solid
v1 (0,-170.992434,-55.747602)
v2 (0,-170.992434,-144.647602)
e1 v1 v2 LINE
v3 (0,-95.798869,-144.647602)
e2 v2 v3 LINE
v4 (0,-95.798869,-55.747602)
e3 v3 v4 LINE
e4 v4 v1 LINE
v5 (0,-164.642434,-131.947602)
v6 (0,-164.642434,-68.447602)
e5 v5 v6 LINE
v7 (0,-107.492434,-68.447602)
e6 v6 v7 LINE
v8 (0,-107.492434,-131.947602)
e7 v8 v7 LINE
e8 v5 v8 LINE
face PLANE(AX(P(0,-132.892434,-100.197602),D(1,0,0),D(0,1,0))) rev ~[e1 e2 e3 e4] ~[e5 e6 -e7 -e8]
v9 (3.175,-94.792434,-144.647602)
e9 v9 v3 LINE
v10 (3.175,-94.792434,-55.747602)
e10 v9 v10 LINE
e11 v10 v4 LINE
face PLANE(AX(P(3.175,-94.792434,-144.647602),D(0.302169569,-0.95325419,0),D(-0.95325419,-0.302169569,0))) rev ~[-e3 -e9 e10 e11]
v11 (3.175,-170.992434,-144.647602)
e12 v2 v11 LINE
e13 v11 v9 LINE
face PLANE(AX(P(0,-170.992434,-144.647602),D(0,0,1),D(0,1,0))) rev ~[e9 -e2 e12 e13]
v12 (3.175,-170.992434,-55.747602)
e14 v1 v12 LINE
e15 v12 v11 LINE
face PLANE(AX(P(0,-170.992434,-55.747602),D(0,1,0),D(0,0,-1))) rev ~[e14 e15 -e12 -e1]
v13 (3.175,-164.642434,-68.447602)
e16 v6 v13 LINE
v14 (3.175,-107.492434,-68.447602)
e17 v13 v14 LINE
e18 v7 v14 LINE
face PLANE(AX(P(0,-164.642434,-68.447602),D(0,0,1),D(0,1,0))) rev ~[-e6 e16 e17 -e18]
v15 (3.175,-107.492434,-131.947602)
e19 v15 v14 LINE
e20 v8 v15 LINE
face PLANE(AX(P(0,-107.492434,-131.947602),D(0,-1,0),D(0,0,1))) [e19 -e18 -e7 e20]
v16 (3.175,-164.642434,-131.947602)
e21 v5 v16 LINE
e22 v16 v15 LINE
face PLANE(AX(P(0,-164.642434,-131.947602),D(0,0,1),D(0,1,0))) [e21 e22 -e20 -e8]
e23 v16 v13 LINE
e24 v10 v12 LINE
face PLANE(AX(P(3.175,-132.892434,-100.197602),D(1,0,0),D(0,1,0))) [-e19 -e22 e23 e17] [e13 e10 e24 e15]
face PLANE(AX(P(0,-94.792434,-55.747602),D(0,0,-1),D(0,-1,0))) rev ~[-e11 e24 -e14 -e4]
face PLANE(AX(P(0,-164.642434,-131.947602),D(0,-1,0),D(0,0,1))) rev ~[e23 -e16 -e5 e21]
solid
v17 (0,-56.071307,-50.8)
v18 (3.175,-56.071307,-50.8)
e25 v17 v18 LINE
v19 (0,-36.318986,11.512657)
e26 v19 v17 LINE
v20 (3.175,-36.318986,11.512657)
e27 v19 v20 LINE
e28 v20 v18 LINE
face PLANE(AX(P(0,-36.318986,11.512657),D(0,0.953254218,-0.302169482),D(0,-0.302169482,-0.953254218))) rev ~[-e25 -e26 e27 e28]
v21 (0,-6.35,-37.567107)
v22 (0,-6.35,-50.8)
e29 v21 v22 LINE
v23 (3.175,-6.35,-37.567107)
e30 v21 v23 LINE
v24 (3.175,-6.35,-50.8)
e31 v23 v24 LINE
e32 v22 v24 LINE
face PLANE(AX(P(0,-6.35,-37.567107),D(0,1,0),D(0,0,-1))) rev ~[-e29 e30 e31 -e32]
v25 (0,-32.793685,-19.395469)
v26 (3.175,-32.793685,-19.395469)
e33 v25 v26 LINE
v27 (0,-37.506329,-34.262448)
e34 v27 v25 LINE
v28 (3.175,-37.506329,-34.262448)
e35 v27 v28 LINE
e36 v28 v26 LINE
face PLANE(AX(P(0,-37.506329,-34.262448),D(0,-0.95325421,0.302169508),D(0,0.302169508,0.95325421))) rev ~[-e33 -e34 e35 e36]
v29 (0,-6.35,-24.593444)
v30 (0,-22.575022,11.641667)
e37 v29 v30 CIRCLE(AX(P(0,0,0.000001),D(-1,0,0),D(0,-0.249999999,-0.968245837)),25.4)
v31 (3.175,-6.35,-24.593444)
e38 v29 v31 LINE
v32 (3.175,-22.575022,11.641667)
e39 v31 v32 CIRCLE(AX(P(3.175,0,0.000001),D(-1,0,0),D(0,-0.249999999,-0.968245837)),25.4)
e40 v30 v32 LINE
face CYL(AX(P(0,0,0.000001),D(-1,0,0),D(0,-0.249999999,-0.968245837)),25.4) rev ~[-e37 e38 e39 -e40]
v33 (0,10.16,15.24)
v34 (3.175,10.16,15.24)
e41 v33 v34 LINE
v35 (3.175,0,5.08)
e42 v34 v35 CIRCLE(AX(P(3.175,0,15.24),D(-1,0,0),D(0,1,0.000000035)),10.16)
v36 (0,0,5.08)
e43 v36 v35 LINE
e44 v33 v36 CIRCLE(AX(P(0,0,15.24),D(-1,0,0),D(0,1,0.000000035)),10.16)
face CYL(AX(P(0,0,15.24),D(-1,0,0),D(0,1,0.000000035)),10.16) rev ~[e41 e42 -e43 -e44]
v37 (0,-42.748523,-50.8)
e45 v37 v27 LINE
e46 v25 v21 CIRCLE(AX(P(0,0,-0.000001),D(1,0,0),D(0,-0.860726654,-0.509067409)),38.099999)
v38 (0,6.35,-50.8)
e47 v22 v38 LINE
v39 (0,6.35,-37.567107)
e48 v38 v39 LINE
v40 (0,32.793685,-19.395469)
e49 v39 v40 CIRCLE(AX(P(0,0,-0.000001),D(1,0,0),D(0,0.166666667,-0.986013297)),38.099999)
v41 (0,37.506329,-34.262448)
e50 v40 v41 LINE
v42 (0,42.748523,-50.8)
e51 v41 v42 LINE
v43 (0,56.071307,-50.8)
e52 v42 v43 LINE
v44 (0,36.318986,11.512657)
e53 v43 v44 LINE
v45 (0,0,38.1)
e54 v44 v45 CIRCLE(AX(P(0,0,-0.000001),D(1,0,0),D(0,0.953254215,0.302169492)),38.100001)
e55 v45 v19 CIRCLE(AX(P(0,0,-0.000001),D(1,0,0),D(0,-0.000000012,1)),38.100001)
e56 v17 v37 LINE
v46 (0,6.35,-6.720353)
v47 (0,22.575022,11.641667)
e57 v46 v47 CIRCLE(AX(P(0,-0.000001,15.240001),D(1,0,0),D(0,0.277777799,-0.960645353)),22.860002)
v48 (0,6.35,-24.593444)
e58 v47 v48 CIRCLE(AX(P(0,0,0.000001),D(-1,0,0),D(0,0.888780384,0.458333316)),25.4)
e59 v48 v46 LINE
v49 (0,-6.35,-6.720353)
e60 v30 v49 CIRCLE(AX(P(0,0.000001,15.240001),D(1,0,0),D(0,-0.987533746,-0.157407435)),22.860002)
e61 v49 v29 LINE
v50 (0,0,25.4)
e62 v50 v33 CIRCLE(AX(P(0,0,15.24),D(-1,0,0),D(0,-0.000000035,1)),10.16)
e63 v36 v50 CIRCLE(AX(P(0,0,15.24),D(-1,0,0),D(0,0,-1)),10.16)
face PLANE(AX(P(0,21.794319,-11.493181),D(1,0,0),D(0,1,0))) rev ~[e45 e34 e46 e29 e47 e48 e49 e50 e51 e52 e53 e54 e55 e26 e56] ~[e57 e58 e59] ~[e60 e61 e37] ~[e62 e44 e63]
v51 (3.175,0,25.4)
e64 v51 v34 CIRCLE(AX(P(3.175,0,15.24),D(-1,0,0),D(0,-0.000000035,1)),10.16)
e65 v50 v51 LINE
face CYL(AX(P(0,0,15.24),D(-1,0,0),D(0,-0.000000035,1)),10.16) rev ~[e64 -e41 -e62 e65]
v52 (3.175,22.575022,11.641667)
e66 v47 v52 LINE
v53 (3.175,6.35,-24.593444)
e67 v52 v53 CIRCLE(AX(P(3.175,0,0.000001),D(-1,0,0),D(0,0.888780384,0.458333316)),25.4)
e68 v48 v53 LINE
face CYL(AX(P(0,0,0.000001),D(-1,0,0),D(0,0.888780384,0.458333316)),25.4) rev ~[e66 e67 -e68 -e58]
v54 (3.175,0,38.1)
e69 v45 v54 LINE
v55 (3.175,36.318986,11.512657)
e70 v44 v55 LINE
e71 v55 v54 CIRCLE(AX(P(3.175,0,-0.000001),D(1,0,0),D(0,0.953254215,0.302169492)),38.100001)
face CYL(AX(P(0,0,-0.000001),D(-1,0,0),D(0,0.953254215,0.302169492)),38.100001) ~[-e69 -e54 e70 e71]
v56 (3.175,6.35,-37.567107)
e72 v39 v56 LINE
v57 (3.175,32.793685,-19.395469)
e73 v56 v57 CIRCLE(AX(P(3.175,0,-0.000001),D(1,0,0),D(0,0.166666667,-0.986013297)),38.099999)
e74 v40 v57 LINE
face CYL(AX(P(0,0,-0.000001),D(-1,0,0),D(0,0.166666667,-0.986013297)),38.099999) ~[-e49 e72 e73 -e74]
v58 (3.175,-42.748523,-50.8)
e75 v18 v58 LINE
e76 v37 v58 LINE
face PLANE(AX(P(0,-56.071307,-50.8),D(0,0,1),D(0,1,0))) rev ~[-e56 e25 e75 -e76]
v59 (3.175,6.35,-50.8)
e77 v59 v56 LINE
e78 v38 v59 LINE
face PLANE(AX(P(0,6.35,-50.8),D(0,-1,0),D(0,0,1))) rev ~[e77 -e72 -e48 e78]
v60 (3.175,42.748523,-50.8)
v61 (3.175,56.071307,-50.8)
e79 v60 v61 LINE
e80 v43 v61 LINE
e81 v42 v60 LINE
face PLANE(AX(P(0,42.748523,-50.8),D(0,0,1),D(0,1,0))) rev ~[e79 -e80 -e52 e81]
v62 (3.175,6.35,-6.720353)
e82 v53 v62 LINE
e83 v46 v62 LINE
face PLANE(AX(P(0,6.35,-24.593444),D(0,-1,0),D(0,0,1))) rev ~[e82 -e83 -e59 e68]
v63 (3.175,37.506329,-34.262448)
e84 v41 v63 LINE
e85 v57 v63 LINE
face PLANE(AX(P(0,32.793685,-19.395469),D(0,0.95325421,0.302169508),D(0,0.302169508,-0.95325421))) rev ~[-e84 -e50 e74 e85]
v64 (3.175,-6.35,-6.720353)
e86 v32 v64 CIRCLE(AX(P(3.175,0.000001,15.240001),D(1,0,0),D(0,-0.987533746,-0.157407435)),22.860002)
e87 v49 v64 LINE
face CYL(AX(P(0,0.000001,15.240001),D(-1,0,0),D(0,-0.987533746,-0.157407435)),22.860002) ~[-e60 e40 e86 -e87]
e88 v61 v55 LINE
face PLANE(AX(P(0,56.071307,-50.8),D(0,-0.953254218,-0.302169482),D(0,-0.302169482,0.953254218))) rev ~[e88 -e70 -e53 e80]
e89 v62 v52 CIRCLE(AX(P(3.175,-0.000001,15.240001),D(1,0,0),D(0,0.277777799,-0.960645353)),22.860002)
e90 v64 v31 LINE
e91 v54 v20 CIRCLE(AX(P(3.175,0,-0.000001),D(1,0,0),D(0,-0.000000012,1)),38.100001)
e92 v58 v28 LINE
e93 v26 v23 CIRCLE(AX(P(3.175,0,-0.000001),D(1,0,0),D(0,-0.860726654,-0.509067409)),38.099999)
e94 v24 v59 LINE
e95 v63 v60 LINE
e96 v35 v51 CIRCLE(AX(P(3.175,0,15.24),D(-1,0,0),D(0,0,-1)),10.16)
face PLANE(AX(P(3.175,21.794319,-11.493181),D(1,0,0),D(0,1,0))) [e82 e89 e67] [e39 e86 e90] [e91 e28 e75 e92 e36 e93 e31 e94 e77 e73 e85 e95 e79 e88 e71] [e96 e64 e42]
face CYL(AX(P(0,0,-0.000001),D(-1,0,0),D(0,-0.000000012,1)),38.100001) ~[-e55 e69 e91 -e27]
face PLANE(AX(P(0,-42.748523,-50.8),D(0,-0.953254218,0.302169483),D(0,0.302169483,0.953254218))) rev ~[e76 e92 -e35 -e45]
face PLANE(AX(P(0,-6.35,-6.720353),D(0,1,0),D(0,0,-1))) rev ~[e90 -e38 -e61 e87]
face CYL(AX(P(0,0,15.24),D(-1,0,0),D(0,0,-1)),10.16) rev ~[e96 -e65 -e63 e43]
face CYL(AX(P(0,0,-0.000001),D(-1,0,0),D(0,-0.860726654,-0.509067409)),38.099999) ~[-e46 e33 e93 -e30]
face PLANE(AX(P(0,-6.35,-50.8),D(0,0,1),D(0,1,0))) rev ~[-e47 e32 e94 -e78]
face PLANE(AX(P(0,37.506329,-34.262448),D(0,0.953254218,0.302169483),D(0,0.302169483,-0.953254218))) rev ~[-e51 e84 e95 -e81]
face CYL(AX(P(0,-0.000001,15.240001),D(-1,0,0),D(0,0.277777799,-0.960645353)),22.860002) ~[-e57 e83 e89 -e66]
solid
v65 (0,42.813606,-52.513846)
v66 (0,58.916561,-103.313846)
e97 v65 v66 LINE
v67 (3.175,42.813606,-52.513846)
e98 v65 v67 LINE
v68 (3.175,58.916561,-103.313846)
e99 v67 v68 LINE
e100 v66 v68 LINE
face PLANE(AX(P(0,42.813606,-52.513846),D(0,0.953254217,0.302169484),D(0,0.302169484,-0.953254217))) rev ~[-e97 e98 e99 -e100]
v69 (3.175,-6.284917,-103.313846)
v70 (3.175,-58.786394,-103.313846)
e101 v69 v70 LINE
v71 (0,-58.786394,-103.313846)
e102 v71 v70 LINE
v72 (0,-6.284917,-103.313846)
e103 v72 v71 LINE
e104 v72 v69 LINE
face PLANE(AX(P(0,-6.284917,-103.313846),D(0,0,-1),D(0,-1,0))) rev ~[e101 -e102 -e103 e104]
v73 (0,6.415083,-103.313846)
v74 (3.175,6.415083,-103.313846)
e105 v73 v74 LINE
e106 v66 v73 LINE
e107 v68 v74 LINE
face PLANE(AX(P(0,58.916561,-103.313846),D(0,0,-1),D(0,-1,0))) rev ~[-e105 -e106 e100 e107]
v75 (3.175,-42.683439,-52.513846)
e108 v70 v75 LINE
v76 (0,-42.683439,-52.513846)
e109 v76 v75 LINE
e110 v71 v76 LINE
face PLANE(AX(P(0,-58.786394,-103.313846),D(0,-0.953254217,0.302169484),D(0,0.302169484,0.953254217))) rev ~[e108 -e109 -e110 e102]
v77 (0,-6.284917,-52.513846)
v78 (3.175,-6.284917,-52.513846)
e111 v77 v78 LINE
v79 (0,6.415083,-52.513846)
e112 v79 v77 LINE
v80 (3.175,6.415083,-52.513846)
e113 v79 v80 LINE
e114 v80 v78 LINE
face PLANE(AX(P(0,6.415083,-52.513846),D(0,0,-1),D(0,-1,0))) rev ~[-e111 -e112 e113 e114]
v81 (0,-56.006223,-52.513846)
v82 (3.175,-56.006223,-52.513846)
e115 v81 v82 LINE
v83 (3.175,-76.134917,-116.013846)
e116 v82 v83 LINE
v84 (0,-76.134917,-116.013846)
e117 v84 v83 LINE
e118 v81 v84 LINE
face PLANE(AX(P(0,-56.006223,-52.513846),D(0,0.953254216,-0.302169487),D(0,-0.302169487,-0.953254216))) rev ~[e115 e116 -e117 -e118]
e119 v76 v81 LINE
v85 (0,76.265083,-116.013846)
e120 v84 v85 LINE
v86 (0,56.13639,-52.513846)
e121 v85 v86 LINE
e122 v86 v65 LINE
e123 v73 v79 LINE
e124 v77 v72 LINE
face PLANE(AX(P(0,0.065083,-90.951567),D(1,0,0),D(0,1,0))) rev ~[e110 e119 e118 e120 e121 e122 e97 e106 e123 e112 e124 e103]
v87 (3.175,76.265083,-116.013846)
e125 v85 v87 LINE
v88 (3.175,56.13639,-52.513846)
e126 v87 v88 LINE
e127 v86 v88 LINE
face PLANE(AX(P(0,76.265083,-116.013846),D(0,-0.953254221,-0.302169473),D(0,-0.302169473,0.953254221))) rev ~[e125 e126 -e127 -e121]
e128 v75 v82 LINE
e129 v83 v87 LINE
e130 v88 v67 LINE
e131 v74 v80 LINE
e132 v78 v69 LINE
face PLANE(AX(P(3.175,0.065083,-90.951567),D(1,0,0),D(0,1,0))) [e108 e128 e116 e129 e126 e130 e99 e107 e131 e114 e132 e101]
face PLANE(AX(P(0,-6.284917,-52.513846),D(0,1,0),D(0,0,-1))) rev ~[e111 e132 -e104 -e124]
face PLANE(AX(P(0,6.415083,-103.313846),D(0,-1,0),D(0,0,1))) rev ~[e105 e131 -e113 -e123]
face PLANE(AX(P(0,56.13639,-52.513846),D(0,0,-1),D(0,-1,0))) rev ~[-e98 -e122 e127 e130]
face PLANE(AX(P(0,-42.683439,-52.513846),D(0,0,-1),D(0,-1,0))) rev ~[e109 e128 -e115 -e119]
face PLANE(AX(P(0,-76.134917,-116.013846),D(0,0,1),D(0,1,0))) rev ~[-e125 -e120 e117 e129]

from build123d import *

# Parameters (mm, degrees)
F1_DEPTH = 3.175
F2_W     = 57.15
F2_H     = 63.5
F3_DEPTH = 3.175
F5_DEPTH = 88.9


with BuildPart() as f1:
    # F0 (on Right) → F1 (new body)
    with BuildSketch(Plane.YZ):
        with BuildLine():
            Line((56.071307, -50.8), (36.318986, 11.512657))
            ThreePointArc((36.318986, 11.512657), (22.505308, 30.742822), (0, 38.1))
            Line((0, 38.1), (0, 25.4))
            ThreePointArc((0, 25.4), (7.184205, 22.424205), (10.16, 15.24))
            ThreePointArc((10.16, 15.24), (7.184205, 8.055795), (0, 5.08))
            Line((0, 5.08), (0, -7.62))
            ThreePointArc((0, -7.62), (3.206706, -7.393971), (6.35, -6.720353))
            ThreePointArc((6.35, -6.720353), (17.130533, 0.103143), (22.575022, 11.641667))
            ThreePointArc((22.575022, 11.641667), (23.182106, -10.380268), (6.35, -24.593444))
            ThreePointArc((6.35, -24.593444), (3.200509, -25.197554), (0, -25.4))
            Line((0, -25.4), (0, -50.8))
            Line((0, -50.8), (6.35, -50.8))
            Line((6.35, -50.8), (6.35, -50.401562))
            Line((6.35, -50.401562), (6.35, -37.567107))
            ThreePointArc((6.35, -37.567107), (21.577978, -31.400651), (32.793685, -19.395469))
            Line((32.793685, -19.395469), (37.506329, -34.262448))
            Line((37.506329, -34.262448), (42.748523, -50.8))
            Line((42.748523, -50.8), (56.071307, -50.8))
        make_face()
        with BuildLine():
            Line((0, 25.4), (0, 38.1))
            ThreePointArc((0, 38.1), (-22.505308, 30.742822), (-36.318986, 11.512657))
            Line((-36.318986, 11.512657), (-56.071307, -50.8))
            Line((-56.071307, -50.8), (-42.748523, -50.8))
            Line((-42.748523, -50.8), (-37.506329, -34.262448))
            Line((-37.506329, -34.262448), (-32.793685, -19.395469))
            ThreePointArc((-32.793685, -19.395469), (-21.577978, -31.400651), (-6.35, -37.567107))
            Line((-6.35, -37.567107), (-6.35, -50.401562))
            Line((-6.35, -50.401562), (-6.35, -50.8))
            Line((-6.35, -50.8), (0, -50.8))
            Line((0, -50.8), (0, -25.4))
            ThreePointArc((0, -25.4), (-3.200509, -25.197554), (-6.35, -24.593444))
            ThreePointArc((-6.35, -24.593444), (-23.182106, -10.380268), (-22.575022, 11.641667))
            ThreePointArc((-22.575022, 11.641667), (-17.130533, 0.103143), (-6.35, -6.720353))
            ThreePointArc((-6.35, -6.720353), (-3.206706, -7.393971), (0, -7.62))
            Line((0, -7.62), (0, 5.08))
            ThreePointArc((0, 5.08), (-10.16, 15.24), (0, 25.4))
        make_face()
        with BuildLine():
            ThreePointArc((6.35, -6.720353), (3.206706, -7.393971), (0, -7.62))
            Line((0, -7.62), (0, -25.4))
            ThreePointArc((0, -25.4), (3.200509, -25.197554), (6.35, -24.593444))
            Line((6.35, -24.593444), (6.35, -6.720353))
        make_face()
        with BuildLine():
            Line((0, -25.4), (0, -7.62))
            ThreePointArc((0, -7.62), (-3.206706, -7.393971), (-6.35, -6.720353))
            Line((-6.35, -6.720353), (-6.35, -24.593444))
            ThreePointArc((-6.35, -24.593444), (-3.200509, -25.197554), (0, -25.4))
        make_face()
        Polygon((-56.006223, -52.513846), (-76.134917, -116.013846), (0.065083, -116.013846), (76.265083, -116.013846), (56.13639, -52.513846), (42.813606, -52.513846), (58.916561, -103.313846), (6.415083, -103.313846), (6.415083, -52.513846), (-6.284917, -52.513846), (-6.284917, -103.313846), (-58.786394, -103.313846), (-42.683439, -52.513846), align=None)
    extrude(amount=F1_DEPTH)


with BuildPart() as f3:
    # F2 (on Right) → F3 (new body)
    with BuildSketch(Plane.YZ):
        Polygon((-94.792434, -144.647602), (-94.792434, -55.747602), (-170.992434, -55.747602), (-170.992434, -81.147602), (-170.992434, -131.947602), (-170.992434, -144.647602), align=None)
        with Locations((-136.067434, -100.197602)):
            Rectangle(F2_W, F2_H, mode=Mode.SUBTRACT)
    extrude(amount=F3_DEPTH)

    # F4 (on face) → F5 (cut)
    with BuildSketch(Plane(origin=(0, 0, -144.647602), x_dir=(1, 0, 0), z_dir=(0, 0, -1))):
        Polygon((0, 94.792434), (3.175, 94.792434), (0, 95.798869), align=None)
    extrude(amount=-F5_DEPTH, mode=Mode.SUBTRACT)


solid = Compound([f1.part, f3.part])
